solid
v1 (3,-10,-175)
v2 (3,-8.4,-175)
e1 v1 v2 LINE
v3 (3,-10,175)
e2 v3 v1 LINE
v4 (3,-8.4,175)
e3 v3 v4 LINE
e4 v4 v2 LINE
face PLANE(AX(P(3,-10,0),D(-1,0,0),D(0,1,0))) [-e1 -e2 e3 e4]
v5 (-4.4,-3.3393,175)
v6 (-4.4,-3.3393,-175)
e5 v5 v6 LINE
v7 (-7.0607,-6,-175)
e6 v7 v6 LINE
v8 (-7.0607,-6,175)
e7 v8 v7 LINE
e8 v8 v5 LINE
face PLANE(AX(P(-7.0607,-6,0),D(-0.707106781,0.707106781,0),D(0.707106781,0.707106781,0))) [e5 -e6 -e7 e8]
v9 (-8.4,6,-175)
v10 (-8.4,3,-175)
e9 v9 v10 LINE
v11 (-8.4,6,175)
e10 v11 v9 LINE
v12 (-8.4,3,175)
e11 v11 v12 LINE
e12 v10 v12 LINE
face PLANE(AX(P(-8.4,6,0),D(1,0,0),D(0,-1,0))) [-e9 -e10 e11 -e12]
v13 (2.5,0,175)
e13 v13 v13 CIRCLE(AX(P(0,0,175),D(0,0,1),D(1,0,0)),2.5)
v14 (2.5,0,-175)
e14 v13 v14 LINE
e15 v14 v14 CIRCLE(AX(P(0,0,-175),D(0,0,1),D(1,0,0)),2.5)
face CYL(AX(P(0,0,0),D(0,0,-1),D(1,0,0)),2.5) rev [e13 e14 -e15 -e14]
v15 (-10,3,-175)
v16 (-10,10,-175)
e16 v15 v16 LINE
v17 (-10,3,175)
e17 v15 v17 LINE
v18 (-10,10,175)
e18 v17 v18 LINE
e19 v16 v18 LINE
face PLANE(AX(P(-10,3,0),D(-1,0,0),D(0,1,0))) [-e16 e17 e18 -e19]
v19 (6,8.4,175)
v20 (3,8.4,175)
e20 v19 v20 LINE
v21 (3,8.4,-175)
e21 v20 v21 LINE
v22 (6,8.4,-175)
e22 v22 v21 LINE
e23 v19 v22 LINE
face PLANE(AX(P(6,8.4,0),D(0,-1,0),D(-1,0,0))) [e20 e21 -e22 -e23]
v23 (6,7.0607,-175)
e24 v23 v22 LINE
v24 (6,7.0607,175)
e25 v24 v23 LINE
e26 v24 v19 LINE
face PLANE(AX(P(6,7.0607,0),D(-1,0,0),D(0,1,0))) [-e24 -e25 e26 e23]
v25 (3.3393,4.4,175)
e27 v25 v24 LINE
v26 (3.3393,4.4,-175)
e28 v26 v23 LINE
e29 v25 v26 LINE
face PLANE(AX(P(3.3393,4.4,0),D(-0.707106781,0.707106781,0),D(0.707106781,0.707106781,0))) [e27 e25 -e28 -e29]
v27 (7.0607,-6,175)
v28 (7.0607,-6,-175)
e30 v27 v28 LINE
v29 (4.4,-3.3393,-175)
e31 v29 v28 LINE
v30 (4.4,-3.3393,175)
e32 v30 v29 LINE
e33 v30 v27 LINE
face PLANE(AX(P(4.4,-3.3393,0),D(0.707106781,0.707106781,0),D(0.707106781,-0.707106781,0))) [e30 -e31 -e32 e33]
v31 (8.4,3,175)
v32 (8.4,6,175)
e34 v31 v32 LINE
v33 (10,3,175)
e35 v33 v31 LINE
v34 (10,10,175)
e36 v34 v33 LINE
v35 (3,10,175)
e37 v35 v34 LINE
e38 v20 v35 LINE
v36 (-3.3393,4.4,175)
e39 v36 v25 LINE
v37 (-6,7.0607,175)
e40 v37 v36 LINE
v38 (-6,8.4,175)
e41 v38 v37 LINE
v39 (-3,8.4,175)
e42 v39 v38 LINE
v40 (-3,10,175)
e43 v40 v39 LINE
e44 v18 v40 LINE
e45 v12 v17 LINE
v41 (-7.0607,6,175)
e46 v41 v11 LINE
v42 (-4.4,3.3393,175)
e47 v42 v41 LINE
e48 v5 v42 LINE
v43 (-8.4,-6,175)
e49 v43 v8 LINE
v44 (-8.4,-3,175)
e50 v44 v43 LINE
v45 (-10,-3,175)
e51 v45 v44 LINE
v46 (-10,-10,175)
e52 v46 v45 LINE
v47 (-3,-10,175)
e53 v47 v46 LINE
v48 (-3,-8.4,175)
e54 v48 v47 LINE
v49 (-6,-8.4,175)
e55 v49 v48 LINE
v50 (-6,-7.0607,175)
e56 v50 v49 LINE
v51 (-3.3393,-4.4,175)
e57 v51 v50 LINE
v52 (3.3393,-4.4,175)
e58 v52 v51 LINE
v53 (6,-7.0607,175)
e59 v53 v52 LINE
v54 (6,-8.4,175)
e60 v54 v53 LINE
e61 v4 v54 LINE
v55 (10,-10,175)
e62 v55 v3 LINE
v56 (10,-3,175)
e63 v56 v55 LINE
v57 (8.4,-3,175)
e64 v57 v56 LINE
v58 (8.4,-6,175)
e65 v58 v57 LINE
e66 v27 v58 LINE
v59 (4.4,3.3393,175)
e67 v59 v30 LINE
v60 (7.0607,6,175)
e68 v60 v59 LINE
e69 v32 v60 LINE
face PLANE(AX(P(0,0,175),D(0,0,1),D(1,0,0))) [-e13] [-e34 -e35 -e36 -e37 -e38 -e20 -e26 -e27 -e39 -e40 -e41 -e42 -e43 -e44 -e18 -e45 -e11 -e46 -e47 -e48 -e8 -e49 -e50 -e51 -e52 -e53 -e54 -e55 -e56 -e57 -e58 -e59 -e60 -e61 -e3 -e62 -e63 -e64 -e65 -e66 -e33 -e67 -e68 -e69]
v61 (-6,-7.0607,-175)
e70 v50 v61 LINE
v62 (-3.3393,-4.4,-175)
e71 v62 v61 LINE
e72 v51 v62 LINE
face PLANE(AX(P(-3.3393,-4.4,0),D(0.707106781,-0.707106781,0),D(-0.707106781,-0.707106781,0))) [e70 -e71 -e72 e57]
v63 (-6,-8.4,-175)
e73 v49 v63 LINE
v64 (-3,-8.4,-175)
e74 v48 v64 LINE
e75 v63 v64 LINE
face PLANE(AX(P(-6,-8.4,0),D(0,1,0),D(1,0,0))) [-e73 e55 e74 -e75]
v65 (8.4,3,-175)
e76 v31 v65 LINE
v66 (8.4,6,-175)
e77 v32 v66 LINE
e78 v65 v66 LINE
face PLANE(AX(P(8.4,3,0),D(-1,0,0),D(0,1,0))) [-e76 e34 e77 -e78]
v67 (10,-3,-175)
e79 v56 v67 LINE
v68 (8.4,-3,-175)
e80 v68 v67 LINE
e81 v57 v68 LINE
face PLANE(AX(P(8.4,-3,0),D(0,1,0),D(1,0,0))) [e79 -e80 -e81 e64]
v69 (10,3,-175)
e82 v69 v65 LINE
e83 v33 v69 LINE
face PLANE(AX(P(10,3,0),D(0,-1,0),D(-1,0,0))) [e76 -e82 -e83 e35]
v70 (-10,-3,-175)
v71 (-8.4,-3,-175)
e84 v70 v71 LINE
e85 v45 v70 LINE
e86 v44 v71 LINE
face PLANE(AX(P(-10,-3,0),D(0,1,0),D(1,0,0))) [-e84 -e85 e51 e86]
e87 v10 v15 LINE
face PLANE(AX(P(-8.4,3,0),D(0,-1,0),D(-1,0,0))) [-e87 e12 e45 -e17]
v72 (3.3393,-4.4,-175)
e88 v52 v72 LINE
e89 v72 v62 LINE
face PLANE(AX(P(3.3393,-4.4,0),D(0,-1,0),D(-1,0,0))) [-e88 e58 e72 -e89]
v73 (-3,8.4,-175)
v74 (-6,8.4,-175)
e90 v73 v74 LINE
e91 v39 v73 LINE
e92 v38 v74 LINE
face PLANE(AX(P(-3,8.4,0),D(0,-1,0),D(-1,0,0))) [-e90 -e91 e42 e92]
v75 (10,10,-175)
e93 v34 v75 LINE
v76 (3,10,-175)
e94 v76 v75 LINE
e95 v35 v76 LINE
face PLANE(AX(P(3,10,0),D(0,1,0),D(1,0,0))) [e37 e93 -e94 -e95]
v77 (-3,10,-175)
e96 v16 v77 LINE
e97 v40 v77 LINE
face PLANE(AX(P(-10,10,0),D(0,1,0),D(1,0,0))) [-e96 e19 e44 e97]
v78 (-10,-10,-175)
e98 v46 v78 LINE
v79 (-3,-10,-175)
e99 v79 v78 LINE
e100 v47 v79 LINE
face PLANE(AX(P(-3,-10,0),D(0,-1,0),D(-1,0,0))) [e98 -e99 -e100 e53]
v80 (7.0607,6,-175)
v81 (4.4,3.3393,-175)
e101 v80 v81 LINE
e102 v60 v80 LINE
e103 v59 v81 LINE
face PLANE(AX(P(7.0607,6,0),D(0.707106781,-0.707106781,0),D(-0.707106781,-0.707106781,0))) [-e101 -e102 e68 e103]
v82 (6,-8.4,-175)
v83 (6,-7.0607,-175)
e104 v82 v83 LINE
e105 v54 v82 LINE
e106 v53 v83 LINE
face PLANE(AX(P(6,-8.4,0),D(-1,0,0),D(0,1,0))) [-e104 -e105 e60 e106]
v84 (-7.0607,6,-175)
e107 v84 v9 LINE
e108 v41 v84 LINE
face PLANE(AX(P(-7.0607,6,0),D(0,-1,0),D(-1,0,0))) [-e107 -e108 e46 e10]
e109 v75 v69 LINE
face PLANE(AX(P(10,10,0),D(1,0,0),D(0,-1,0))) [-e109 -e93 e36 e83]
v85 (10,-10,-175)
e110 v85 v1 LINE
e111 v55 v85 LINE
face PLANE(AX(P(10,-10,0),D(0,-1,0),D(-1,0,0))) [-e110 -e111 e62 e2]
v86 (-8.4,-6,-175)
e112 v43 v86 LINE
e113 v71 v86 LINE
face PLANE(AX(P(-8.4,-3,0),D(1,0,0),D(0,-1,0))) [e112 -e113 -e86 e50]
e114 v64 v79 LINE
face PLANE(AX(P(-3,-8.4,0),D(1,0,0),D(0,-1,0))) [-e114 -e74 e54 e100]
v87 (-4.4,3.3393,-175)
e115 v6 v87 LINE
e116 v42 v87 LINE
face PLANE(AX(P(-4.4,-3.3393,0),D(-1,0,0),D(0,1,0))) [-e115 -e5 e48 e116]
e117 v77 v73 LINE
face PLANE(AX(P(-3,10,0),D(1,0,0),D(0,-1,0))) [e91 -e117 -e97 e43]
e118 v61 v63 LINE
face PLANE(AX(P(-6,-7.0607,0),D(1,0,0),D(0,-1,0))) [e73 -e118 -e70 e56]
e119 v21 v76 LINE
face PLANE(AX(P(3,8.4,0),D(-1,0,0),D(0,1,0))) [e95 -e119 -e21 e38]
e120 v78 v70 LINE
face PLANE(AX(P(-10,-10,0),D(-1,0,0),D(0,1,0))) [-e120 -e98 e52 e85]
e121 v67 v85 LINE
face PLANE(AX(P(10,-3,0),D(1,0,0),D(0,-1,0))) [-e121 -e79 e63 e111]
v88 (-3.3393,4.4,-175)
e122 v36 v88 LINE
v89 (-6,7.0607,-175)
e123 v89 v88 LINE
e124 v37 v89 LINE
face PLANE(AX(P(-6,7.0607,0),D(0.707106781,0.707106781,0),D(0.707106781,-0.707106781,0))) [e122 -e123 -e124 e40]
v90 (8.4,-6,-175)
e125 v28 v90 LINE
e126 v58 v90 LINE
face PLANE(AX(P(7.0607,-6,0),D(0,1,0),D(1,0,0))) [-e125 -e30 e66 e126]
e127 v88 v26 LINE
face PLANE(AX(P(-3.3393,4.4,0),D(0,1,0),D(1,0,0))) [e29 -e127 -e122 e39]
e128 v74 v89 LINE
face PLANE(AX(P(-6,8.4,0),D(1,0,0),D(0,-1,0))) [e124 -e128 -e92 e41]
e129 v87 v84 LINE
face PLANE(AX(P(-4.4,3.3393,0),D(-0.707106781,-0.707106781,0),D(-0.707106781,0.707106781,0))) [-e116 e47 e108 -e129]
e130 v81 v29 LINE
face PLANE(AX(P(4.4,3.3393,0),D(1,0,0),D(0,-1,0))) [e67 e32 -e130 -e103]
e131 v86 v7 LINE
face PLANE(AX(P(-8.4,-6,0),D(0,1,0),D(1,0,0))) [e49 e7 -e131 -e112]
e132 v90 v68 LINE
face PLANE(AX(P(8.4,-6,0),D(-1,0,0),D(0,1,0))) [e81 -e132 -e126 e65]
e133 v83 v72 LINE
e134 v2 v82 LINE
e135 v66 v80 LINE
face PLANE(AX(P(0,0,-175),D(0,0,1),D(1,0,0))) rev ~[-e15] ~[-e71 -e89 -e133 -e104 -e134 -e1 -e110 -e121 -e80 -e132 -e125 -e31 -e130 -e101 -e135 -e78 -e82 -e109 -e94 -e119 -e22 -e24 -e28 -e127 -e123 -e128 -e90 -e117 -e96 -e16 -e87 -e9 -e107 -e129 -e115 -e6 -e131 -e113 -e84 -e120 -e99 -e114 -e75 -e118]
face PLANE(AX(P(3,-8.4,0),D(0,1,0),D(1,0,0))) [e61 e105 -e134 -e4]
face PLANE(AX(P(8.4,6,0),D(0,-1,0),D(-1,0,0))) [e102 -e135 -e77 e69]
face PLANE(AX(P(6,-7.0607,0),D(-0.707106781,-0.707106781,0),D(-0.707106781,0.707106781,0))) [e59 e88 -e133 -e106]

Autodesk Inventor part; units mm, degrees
ref_plane "YZ Plane" through (0, 0, 0) normal (1, 0, 0) x (0, 1, 0)
ref_plane "XZ Plane" through (0, 0, 0) normal (0, 1, 0) x (-1, 0, 0)
ref_plane "XY Plane" through (0, 0, 0) normal (0, 0, 1) x (1, 0, 0)
sketch "スケッチ1" plane through (0, 0, 0) normal (0, 0, 1) x (1, 0, 0)
  circle A0 centre (0, 0) radius 2.5
  line L0 (-10, 10) -> (10, 10) construction
  line L1 (10, 10) -> (10, -10) construction
  line L2 (10, -10) -> (-10, -10) construction
  line L3 (-10, -10) -> (-10, 10) construction
  line L4 (-3, 10) -> (-3, 8.4) construction
  line L5 (-3, 8.4) -> (-6, 8.4) construction
  line L6 (-6, 8.4) -> (-6, 7.0607) construction
  line L7 (-6, 7.0607) -> (-3.3393, 4.4) construction
  line L8 (-3.3393, 4.4) -> (3.3393, 4.4) construction
  line L9 (3.3393, 4.4) -> (6, 7.0607) construction
  line L10 (6, 7.0607) -> (6, 8.4) construction
  line L11 (6, 8.4) -> (3, 8.4) construction
  line L12 (3, 8.4) -> (3, 10) construction
  line L13 (-10, 10) -> (10, -10) construction
  line L14 (-10, 10) -> (-3, 10)
  line L15 (-3, 10) -> (-3, 8.4)
  line L16 (-3, 8.4) -> (-6, 8.4)
  line L17 (-6, 8.4) -> (-6, 7.0607)
  line L18 (-6, 7.0607) -> (-3.3393, 4.4)
  line L19 (-3.3393, 4.4) -> (3.3393, 4.4)
  line L20 (3.3393, 4.4) -> (6, 7.0607)
  line L21 (6, 7.0607) -> (6, 8.4)
  line L22 (6, 8.4) -> (3, 8.4)
  line L23 (3, 8.4) -> (3, 10)
  line L24 (3, 10) -> (10, 10)
  line L25 (-10, -10) -> (-10, -3)
  line L26 (-10, -3) -> (-8.4, -3)
  line L27 (-8.4, -3) -> (-8.4, -6)
  line L28 (-8.4, -6) -> (-7.0607, -6)
  line L29 (-7.0607, -6) -> (-4.4, -3.3393)
  line L30 (-4.4, -3.3393) -> (-4.4, 3.3393)
  line L31 (-4.4, 3.3393) -> (-7.0607, 6)
  line L32 (-8.4, 6) -> (-8.4, 3)
  line L33 (-7.0607, 6) -> (-8.4, 6)
  line L34 (-8.4, 3) -> (-10, 3)
  line L35 (-10, 3) -> (-10, 10)
  line L36 (10, -10) -> (3, -10)
  line L37 (3, -10) -> (3, -8.4)
  line L38 (3, -8.4) -> (6, -8.4)
  line L39 (6, -8.4) -> (6, -7.0607)
  line L40 (6, -7.0607) -> (3.3393, -4.4)
  line L41 (3.3393, -4.4) -> (-3.3393, -4.4)
  line L42 (-3.3393, -4.4) -> (-6, -7.0607)
  line L43 (-6, -8.4) -> (-3, -8.4)
  line L44 (-6, -7.0607) -> (-6, -8.4)
  line L45 (-3, -8.4) -> (-3, -10)
  line L46 (-3, -10) -> (-10, -10)
  line L47 (10, 10) -> (10, 3)
  line L48 (10, 3) -> (8.4, 3)
  line L49 (8.4, 3) -> (8.4, 6)
  line L50 (8.4, 6) -> (7.0607, 6)
  line L51 (7.0607, 6) -> (4.4, 3.3393)
  line L52 (4.4, 3.3393) -> (4.4, -3.3393)
  line L53 (4.4, -3.3393) -> (7.0607, -6)
  line L54 (8.4, -6) -> (8.4, -3)
  line L55 (7.0607, -6) -> (8.4, -6)
  line L56 (8.4, -3) -> (10, -3)
  line L57 (10, -3) -> (10, -10)
  point P0 (-10, 0)
  point P1 (0, 10)
  dimension "d0" = 20
  dimension "d1" = 20
  dimension "d2" = 6
  dimension "d3" = 3
  dimension "d4" = 1.6
  dimension "d5" = 4
  dimension "d6" = 12
  dimension "d7" = 6
  dimension "d8" = 135
  dimension "d9" = 135
  dimension "d10" = 0.75
  dimension "d11" = 5
  dimension "d14" = 360
extrude "押し出し1" add sketch "スケッチ1" along normal mid plane 350
equation "\"d7\" = 0.5 * d6"
equation "\"d9\" = d8"
properties part number "l350"
